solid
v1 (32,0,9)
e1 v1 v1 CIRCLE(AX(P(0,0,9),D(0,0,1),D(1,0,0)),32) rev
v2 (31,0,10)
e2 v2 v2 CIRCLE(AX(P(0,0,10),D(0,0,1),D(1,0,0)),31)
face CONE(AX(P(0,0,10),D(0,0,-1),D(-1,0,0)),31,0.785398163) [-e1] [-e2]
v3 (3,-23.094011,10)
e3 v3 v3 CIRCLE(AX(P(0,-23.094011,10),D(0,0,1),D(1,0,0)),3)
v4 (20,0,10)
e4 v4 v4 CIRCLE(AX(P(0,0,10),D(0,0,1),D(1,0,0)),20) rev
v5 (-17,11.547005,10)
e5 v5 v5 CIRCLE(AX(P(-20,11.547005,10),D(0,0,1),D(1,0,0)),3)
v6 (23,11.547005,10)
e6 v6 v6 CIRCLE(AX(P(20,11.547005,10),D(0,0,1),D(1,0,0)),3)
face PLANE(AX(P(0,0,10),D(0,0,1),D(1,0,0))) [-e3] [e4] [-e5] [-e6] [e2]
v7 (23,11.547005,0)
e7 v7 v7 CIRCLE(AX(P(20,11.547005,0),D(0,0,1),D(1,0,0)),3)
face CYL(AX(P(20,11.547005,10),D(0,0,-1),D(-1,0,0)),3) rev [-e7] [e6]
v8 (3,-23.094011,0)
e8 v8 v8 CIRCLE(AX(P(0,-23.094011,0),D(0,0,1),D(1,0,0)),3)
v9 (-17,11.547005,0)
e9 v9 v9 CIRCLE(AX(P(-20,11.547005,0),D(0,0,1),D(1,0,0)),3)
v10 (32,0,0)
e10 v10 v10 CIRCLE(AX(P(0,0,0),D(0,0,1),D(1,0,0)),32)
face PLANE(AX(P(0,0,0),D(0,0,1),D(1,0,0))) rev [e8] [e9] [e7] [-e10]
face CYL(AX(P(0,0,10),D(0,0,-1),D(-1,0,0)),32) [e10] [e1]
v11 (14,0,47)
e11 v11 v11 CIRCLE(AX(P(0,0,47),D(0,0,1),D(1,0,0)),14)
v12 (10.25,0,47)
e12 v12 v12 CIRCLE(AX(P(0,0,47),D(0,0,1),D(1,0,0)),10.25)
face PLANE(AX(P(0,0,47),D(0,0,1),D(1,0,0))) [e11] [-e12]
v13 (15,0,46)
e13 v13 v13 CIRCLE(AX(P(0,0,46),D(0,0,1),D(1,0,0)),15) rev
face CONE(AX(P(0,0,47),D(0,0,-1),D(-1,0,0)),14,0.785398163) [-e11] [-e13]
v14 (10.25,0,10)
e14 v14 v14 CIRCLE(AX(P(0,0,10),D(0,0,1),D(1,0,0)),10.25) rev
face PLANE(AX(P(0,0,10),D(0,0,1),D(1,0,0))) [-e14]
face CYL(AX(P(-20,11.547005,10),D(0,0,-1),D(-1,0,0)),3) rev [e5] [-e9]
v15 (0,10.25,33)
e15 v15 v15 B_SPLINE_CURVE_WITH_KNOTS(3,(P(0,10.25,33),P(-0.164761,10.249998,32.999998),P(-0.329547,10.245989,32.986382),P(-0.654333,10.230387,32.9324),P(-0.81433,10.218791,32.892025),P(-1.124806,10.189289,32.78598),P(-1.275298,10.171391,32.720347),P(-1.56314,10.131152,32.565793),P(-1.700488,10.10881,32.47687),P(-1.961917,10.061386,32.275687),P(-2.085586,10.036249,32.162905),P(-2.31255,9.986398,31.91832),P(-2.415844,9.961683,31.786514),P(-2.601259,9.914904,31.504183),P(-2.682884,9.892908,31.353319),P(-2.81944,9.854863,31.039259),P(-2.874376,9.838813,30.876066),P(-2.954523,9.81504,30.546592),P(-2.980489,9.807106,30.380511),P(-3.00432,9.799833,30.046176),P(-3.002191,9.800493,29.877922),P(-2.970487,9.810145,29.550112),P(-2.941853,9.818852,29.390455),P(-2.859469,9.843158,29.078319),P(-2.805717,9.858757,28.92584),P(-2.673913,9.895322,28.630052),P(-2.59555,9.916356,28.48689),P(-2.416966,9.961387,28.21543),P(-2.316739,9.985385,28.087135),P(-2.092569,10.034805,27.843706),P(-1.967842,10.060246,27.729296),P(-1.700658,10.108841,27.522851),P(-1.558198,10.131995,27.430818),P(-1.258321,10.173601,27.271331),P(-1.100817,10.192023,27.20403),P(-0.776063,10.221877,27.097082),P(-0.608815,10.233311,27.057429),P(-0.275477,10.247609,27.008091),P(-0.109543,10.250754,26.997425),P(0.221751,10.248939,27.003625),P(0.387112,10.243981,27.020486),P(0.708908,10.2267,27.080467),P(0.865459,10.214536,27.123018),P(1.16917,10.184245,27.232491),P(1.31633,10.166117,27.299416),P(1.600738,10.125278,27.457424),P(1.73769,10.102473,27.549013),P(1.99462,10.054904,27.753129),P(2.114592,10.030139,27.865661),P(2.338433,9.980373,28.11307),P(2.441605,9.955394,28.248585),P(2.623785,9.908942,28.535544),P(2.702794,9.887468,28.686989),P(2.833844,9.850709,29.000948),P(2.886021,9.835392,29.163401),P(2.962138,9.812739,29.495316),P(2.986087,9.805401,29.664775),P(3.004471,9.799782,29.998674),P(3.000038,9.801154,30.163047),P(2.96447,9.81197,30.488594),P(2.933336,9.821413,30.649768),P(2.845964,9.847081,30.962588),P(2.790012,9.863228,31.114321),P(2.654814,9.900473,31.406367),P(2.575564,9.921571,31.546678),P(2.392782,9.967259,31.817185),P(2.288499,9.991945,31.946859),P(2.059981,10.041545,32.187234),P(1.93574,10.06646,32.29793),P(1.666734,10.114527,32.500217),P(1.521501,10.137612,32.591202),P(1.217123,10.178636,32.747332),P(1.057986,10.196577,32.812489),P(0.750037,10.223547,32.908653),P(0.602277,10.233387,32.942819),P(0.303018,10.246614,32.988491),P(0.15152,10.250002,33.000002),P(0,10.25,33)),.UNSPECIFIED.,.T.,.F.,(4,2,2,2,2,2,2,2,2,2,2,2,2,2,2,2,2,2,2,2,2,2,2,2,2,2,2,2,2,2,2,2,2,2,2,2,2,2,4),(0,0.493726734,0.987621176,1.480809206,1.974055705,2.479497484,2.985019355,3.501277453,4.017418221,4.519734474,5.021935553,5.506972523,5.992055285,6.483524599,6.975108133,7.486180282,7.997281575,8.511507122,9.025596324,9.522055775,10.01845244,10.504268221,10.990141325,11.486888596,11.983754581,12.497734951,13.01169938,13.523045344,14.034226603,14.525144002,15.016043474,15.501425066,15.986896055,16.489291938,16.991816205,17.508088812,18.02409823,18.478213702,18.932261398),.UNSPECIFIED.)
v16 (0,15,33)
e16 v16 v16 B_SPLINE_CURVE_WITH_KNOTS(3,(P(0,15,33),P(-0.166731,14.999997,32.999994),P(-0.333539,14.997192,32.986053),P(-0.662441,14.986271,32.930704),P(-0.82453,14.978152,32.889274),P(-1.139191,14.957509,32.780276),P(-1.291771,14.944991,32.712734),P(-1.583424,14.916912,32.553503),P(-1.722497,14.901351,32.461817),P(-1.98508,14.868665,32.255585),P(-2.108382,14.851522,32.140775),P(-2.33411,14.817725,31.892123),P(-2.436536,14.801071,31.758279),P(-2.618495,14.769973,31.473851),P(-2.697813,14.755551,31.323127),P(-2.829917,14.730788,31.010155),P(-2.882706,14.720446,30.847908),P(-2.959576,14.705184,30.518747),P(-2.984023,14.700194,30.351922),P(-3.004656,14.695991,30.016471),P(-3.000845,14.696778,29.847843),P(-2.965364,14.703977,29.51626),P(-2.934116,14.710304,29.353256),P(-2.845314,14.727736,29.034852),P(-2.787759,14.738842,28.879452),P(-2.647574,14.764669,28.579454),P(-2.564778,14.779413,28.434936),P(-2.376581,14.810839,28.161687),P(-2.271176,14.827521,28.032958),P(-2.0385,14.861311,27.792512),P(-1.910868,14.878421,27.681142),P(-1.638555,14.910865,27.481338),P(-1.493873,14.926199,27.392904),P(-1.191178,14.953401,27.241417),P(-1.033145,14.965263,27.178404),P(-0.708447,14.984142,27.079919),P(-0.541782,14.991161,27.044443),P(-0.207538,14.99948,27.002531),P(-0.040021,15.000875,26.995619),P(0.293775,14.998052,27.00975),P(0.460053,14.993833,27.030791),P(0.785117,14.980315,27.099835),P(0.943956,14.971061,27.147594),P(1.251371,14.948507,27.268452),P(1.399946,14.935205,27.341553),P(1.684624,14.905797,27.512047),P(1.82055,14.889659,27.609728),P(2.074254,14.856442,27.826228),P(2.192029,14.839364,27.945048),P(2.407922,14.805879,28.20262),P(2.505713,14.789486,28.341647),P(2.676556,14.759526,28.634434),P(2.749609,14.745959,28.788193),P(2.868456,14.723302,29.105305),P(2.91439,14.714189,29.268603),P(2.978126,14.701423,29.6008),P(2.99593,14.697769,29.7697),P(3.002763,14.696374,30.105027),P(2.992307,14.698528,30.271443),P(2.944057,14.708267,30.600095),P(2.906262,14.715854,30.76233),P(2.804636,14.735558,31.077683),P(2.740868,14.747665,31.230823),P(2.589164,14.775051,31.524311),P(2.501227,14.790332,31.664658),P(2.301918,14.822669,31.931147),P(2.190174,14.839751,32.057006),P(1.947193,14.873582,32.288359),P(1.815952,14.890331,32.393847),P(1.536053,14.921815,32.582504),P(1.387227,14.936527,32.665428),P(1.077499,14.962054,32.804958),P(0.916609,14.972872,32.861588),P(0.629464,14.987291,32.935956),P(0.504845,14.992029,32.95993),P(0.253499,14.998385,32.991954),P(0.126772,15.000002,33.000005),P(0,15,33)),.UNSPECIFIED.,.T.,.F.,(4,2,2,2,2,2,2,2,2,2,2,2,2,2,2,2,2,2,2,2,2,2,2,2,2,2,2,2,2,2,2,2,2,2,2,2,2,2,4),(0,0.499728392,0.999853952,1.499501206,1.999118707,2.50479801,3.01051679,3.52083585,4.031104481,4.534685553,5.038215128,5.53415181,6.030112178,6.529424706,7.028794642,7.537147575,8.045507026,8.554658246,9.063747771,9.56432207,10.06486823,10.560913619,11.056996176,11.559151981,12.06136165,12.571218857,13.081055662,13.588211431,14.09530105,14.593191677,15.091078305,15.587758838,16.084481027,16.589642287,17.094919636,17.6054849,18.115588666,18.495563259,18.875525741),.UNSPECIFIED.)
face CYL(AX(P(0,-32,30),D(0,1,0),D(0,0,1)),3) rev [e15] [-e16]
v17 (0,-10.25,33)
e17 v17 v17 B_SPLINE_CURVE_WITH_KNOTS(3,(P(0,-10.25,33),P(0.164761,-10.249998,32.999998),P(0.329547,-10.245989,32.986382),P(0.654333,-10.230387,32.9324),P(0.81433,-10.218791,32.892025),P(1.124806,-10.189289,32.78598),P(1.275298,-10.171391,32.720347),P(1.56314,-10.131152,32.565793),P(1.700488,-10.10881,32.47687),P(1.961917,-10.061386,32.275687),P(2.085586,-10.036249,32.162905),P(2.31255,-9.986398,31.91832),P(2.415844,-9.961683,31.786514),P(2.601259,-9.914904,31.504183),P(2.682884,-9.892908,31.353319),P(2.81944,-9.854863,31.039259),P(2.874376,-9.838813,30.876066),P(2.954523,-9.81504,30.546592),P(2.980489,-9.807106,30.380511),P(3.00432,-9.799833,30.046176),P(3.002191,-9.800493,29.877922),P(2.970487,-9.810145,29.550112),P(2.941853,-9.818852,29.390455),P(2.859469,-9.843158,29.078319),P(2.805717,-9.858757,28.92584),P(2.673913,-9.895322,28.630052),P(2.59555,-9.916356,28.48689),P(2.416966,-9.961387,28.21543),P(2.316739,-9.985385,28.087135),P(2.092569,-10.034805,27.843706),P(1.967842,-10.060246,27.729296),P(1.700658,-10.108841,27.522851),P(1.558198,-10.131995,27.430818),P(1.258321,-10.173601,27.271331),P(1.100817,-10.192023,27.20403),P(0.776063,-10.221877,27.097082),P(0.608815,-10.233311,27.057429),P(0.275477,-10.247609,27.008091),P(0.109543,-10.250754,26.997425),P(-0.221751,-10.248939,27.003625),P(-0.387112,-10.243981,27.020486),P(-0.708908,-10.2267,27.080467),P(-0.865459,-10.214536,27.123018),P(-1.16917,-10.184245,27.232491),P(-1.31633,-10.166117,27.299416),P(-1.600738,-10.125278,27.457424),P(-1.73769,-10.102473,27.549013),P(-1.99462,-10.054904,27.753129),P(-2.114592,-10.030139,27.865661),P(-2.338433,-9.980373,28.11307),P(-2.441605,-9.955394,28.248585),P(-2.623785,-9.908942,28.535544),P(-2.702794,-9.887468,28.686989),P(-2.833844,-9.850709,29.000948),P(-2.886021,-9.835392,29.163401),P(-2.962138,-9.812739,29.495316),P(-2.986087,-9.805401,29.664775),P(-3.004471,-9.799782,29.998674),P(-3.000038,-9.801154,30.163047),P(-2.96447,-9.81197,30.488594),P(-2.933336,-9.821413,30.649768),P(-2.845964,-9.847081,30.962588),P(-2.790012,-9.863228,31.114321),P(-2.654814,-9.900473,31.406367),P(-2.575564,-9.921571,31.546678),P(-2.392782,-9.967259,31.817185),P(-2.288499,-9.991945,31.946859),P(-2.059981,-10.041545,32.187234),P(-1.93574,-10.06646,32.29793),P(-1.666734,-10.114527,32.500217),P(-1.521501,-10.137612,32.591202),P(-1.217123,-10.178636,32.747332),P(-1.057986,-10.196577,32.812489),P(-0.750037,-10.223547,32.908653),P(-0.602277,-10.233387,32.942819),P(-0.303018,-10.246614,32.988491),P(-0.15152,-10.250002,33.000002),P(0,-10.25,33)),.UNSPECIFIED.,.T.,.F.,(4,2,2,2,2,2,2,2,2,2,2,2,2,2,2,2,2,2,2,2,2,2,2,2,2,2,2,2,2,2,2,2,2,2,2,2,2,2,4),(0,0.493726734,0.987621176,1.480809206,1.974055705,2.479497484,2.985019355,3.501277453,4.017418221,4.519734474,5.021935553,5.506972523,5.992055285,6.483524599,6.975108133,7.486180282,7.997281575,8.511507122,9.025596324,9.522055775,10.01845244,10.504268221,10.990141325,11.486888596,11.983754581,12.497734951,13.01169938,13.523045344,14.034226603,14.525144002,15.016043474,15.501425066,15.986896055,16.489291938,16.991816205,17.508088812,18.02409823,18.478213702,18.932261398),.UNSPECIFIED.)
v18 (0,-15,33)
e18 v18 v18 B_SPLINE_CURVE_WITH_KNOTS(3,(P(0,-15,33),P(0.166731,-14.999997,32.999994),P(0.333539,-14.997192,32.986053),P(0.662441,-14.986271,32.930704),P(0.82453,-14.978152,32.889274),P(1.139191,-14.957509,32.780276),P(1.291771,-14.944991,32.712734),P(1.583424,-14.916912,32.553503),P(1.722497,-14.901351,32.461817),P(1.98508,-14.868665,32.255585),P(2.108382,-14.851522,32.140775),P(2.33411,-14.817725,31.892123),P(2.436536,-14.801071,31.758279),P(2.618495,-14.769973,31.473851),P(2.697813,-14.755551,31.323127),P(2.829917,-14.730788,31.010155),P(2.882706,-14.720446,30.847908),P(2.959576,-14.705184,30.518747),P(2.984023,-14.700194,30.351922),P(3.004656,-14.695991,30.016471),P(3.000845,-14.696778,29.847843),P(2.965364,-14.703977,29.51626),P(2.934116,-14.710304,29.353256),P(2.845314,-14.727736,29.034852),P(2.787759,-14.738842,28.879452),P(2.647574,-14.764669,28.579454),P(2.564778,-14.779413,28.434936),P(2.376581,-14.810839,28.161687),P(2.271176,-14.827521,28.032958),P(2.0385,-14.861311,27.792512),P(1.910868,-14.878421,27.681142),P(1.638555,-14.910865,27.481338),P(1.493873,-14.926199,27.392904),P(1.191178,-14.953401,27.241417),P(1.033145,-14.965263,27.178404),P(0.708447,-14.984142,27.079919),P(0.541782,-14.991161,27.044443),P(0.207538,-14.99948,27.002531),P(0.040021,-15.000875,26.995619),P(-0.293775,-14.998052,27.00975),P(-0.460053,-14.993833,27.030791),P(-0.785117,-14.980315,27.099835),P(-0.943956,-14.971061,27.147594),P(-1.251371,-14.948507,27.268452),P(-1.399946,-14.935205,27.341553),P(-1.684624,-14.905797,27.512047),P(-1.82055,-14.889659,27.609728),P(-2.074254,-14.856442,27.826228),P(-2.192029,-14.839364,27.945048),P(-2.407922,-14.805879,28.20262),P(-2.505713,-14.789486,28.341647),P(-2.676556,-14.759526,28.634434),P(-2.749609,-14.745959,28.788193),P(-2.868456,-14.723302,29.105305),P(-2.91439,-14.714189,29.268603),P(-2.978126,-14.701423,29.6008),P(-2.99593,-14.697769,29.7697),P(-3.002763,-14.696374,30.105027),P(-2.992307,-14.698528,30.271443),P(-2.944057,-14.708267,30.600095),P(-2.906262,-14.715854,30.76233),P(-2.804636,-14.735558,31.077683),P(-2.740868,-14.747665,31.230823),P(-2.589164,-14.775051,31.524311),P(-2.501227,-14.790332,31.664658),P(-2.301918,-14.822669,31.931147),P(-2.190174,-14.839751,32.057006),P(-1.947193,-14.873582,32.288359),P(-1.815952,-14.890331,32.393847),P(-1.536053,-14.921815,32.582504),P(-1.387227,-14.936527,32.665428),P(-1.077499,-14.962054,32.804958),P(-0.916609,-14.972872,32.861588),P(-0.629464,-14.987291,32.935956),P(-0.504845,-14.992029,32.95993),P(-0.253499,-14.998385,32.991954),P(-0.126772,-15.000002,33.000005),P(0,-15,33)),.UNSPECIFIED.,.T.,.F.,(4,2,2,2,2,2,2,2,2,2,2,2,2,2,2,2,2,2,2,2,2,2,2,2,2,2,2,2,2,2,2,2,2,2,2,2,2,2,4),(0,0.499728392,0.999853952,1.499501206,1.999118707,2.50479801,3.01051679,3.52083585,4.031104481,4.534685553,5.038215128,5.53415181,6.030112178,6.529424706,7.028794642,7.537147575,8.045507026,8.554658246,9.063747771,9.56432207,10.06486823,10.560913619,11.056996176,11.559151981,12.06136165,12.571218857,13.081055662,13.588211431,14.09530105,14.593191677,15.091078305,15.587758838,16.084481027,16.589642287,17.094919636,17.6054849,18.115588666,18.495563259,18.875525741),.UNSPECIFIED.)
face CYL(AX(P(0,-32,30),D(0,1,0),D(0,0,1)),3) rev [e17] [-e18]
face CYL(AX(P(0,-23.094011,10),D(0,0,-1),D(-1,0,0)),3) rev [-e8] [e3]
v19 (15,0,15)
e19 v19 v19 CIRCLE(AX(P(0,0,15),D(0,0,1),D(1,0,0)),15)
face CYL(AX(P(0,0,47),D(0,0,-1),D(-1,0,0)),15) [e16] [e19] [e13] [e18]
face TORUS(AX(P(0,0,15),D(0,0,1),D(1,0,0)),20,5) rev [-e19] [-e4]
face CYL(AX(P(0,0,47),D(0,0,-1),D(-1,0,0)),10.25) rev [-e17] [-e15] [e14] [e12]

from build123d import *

# Parameters (mm, degrees)
SKETCH1_R               = 32
SKETCH1_R_2             = 3
BOSS_EXTRUDE1_DEPTH     = 10
SKETCH2_R               = 15
SKETCH2_R_2             = 10.25
BOSS_EXTRUDE2_DEPTH     = 37
SKETCH3_R               = 3
CUT_EXTRUDE1_DEPTH      = 33
CUT_EXTRUDE1_DEPTH_BACK = 33
FILLET_1_R              = 5
CHAMFER_1_SIZE          = 1


with BuildPart() as part:
    # Sketch1 → Boss-Extrude1 (new body)
    with BuildSketch(Plane.XY):
        Circle(SKETCH1_R)
        with Locations((20, 11.547005384)):
            Circle(SKETCH1_R_2, mode=Mode.SUBTRACT)
        with Locations((0, -23.094010768)):
            Circle(SKETCH1_R_2, mode=Mode.SUBTRACT)
        with Locations((-20, 11.547005384)):
            Circle(SKETCH1_R_2, mode=Mode.SUBTRACT)
    extrude(amount=BOSS_EXTRUDE1_DEPTH)

    # Sketch2 → Boss-Extrude2 (add)
    with BuildSketch(Plane.XY.offset(10)):
        Circle(SKETCH2_R)
        Circle(SKETCH2_R_2, mode=Mode.SUBTRACT)
    extrude(amount=BOSS_EXTRUDE2_DEPTH)

    # Sketch3 → Cut-Extrude1 (cut, two sides)
    with BuildSketch(Plane(origin=(0, 0, 0), x_dir=(1, 0, 0), z_dir=(0, 1, 0))) as cut_extrude1_sk:
        with Locations((0, -30)):
            Circle(SKETCH3_R)
    extrude(amount=CUT_EXTRUDE1_DEPTH, mode=Mode.SUBTRACT)
    extrude(cut_extrude1_sk.sketch, amount=-CUT_EXTRUDE1_DEPTH_BACK, mode=Mode.SUBTRACT)

    # 圆角1
    fillet_1_edges = [part.edges().sort_by_distance(p)[0] for p in [
        (-15, 0, 10),
    ]]
    fillet(fillet_1_edges, radius=FILLET_1_R)

    # 倒角1
    chamfer_1_edges = [part.edges().sort_by_distance(p)[0] for p in [
        (-15, 0, 47),
        (-32, 0, 10),
    ]]
    chamfer(chamfer_1_edges, length=CHAMFER_1_SIZE)


solid = part.part
